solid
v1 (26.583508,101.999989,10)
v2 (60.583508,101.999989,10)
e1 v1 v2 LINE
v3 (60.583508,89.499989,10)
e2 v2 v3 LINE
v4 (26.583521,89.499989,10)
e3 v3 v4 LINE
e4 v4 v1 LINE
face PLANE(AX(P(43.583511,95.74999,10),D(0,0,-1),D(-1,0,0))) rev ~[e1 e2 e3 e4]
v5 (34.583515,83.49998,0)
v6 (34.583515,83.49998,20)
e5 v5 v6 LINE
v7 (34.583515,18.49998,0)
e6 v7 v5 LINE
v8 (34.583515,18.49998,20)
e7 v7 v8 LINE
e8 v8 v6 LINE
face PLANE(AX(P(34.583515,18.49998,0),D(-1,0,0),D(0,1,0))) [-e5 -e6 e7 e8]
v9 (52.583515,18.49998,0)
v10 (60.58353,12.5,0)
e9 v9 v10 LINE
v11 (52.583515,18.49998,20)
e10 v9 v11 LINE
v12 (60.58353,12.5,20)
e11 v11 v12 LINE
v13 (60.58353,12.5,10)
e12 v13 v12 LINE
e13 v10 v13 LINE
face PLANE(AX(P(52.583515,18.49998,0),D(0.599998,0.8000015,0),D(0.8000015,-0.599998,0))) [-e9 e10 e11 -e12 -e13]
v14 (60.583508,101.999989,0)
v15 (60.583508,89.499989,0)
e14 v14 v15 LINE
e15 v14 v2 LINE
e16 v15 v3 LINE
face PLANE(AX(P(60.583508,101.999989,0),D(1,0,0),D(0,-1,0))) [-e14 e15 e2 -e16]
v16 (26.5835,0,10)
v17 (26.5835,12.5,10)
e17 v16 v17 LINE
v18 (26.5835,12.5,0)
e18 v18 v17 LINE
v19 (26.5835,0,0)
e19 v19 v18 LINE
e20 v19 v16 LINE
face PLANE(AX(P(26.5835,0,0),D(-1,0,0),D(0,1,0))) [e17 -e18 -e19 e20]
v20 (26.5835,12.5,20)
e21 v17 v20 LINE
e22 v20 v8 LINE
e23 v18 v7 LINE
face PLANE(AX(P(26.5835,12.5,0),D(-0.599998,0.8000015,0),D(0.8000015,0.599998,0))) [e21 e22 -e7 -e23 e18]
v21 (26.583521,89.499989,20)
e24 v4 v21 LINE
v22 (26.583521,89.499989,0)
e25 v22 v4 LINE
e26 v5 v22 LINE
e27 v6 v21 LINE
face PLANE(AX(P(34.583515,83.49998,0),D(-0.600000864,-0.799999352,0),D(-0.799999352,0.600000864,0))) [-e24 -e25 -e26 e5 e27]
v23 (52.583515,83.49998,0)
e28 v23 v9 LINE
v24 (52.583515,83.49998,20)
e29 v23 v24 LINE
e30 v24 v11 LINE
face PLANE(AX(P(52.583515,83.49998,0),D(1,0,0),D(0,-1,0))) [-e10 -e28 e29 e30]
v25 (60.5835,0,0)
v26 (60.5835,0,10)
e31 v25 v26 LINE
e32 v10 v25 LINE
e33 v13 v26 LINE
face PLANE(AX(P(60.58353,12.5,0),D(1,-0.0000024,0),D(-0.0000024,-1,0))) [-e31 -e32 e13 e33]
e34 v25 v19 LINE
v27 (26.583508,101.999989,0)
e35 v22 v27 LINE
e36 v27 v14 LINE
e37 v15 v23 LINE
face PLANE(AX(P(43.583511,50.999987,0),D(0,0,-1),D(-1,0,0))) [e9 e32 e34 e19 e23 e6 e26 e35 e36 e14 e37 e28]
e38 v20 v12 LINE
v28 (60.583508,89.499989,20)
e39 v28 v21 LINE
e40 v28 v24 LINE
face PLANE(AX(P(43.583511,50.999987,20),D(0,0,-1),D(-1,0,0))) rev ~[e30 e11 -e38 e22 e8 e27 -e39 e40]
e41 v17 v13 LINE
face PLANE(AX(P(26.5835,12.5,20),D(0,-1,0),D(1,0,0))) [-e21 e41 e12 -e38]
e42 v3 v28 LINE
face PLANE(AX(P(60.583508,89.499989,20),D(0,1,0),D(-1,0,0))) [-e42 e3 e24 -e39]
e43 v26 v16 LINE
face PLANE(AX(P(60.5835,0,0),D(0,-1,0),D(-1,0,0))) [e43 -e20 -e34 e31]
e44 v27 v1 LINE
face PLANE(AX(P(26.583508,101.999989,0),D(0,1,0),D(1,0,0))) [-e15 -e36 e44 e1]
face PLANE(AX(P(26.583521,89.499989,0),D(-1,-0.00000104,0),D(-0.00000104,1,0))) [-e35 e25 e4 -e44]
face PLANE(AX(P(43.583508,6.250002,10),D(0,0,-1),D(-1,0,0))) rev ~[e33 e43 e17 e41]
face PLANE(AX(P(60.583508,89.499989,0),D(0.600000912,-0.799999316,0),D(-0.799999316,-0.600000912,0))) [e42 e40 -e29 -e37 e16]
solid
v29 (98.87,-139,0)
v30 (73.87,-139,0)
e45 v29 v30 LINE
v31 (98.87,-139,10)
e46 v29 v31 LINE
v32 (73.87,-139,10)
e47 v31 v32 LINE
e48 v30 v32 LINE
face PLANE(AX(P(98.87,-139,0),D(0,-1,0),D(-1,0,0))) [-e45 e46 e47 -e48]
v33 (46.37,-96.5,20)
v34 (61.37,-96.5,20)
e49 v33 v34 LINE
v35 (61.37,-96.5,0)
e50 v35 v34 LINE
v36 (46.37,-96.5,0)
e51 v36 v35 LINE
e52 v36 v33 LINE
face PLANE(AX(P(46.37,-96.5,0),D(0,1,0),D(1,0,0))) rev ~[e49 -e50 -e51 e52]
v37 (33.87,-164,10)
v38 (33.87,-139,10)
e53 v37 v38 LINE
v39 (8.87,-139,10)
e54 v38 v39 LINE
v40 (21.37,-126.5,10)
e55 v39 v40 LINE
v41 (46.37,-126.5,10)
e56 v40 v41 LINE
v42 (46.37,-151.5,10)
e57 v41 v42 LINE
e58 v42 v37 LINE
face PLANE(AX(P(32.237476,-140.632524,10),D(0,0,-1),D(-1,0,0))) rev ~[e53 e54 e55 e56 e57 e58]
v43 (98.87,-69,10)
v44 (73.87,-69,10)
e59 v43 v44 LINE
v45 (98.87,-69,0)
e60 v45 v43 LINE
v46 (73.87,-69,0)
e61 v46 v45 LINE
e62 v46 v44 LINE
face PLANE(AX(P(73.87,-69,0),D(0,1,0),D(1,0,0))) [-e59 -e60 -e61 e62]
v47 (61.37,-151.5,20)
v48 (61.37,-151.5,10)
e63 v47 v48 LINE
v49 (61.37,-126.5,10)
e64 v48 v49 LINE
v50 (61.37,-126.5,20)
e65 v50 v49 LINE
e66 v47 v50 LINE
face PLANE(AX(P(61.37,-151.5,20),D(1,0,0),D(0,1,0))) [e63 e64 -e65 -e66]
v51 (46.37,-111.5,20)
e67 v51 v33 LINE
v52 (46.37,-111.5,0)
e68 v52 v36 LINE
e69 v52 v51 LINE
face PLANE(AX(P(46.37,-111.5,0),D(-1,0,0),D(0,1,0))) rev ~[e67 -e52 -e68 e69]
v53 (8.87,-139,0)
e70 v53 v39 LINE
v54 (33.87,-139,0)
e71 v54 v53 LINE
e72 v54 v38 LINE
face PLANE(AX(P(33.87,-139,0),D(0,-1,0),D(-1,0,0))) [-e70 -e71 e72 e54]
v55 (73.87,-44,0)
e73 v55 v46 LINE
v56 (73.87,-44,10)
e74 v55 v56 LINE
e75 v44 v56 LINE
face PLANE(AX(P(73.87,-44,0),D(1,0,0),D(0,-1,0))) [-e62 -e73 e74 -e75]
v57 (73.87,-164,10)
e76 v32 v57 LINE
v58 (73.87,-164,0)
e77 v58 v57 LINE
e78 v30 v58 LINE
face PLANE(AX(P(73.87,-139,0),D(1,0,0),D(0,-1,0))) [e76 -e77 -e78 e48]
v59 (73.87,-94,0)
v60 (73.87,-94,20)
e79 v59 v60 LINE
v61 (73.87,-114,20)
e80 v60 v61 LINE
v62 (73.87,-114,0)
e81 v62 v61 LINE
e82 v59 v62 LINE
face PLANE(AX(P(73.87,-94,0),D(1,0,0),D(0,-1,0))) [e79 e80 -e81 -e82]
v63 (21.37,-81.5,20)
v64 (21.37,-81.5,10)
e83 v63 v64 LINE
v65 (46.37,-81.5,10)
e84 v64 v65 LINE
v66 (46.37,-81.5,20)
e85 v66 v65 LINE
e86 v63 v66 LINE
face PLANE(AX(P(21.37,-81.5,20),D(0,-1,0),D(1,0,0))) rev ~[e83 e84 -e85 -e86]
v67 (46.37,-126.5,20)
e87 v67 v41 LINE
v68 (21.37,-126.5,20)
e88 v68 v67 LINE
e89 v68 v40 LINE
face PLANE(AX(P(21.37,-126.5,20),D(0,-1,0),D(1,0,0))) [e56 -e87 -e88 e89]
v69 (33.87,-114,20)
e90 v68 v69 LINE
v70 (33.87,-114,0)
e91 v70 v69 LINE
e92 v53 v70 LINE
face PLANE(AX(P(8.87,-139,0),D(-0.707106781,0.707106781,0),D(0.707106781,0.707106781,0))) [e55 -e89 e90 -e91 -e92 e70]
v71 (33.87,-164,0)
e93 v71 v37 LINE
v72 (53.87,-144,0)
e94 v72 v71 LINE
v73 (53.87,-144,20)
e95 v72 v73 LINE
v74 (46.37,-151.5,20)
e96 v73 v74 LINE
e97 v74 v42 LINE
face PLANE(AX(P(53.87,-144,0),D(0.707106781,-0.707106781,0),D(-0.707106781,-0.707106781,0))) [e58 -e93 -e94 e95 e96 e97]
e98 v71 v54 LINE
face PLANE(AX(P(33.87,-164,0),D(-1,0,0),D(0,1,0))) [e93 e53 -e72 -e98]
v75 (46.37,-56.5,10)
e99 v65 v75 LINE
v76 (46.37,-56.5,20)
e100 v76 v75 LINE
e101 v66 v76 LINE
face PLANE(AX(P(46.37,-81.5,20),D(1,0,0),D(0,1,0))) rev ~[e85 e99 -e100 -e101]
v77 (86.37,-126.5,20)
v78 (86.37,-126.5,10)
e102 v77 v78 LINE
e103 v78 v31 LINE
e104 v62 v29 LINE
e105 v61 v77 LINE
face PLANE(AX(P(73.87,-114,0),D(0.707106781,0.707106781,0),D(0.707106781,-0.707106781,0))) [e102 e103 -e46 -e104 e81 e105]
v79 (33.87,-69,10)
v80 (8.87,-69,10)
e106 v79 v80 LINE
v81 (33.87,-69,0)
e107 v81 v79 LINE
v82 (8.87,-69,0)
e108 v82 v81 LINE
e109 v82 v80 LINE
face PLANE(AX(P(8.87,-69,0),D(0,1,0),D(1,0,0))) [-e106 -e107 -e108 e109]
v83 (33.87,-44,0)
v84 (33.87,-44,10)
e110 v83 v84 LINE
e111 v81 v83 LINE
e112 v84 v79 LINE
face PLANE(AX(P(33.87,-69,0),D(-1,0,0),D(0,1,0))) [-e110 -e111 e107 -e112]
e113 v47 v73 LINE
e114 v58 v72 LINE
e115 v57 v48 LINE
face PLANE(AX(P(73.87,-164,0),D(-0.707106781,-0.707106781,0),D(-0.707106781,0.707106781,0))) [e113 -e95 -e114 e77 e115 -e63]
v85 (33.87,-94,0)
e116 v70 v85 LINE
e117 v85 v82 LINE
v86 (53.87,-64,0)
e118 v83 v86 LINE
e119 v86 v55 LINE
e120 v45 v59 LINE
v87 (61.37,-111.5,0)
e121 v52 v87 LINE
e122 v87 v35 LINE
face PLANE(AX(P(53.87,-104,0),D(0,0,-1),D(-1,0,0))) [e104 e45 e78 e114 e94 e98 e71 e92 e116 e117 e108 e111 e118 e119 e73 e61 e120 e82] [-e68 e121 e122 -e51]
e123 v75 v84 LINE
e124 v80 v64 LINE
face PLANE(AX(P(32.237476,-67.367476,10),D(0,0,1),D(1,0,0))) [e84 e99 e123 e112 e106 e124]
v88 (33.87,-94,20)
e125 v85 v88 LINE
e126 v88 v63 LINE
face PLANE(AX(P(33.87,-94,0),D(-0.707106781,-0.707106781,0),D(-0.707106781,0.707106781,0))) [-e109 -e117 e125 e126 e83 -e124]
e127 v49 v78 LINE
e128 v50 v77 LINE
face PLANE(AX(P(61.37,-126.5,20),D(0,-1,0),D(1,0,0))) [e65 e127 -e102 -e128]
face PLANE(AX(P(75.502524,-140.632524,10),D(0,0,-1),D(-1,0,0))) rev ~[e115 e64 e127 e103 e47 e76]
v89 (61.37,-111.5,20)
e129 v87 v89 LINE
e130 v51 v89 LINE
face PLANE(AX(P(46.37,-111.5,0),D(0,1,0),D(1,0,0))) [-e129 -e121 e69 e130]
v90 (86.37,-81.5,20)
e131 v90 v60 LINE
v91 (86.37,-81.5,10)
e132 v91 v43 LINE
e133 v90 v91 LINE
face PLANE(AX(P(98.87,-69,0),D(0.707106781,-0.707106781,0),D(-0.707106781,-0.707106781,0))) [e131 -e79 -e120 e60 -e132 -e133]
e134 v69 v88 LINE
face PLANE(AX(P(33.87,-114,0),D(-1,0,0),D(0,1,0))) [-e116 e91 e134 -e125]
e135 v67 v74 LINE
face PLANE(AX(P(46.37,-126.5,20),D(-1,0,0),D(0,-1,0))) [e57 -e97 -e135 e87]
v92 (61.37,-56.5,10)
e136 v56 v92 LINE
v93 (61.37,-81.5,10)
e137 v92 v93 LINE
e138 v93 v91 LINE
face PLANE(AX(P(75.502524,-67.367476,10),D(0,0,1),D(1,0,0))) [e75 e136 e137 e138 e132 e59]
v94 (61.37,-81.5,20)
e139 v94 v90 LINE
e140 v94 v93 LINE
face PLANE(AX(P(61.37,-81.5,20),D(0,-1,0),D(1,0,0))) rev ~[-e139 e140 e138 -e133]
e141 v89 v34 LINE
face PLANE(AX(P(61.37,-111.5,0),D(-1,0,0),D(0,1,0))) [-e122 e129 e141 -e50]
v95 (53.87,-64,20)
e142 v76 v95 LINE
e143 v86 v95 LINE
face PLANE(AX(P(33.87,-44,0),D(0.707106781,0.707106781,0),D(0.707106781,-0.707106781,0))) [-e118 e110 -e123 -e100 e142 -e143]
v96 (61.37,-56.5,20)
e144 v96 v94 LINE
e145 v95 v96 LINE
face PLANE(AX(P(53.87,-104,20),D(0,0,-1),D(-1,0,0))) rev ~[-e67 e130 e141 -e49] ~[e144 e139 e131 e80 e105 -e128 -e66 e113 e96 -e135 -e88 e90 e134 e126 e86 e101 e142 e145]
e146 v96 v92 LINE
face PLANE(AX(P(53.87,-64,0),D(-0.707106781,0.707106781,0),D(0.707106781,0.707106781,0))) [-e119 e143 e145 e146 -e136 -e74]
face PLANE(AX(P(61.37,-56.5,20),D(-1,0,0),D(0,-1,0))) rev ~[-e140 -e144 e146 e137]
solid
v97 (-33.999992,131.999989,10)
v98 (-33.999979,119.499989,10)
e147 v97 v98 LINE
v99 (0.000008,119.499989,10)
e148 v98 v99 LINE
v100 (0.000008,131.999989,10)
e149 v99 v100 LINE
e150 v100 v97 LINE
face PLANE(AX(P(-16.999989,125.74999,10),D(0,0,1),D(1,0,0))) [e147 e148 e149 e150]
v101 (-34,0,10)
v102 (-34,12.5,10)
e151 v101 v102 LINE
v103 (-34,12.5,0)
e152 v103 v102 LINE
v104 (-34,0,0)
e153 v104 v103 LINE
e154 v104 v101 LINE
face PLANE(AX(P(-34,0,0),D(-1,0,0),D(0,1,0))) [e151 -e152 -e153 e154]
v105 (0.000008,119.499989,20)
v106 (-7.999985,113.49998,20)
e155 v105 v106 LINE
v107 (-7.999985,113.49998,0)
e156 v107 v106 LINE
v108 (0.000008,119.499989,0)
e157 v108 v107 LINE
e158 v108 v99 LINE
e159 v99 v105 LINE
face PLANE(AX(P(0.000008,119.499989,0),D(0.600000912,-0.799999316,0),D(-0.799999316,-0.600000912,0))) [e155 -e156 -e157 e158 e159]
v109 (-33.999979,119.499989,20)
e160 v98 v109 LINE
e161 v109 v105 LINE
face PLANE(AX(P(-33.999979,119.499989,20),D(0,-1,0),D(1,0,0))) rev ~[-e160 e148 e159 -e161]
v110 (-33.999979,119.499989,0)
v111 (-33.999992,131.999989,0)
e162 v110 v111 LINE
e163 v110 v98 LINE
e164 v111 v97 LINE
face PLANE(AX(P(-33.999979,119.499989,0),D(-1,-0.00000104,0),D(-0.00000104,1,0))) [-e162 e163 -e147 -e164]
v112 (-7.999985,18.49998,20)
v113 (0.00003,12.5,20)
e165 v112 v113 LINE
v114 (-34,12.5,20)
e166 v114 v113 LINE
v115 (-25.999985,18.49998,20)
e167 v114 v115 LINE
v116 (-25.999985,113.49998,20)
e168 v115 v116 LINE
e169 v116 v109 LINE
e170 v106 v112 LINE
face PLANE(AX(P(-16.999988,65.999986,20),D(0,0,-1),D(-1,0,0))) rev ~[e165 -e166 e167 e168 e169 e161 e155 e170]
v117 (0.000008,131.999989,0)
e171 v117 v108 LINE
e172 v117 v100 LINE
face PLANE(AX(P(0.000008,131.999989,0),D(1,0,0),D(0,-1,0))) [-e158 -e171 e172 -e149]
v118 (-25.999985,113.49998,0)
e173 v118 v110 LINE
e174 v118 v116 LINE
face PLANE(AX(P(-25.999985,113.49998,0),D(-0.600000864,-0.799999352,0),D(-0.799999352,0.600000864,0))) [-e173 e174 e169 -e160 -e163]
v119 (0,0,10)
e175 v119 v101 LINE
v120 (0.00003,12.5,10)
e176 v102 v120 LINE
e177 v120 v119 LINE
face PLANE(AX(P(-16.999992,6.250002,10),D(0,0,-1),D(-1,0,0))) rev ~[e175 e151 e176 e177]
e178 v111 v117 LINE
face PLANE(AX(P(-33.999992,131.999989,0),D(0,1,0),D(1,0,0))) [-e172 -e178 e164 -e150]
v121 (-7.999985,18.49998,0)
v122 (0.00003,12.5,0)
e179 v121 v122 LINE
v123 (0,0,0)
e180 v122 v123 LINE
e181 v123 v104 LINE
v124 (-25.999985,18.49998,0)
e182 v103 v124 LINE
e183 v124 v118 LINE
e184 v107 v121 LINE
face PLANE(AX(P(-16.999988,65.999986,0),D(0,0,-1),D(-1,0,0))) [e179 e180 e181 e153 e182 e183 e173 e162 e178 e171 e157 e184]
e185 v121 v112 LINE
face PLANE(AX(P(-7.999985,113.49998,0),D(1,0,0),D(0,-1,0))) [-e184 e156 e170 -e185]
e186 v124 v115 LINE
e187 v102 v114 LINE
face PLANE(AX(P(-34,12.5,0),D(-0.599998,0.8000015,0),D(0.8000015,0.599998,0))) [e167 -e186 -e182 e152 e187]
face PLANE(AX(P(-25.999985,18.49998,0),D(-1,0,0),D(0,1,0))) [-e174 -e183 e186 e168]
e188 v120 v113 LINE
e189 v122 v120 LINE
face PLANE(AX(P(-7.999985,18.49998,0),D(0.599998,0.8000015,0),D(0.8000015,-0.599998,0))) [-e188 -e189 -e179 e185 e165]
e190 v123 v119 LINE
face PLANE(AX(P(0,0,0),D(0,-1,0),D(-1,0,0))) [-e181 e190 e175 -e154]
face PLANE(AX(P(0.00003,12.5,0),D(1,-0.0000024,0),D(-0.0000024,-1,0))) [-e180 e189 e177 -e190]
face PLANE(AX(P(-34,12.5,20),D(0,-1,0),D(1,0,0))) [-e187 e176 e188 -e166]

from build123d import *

# Parameters (mm, degrees)
PAD_DEPTH       = 20
POCKET_DEPTH    = 10
POCKET001_DEPTH = 10
PAD001_DEPTH    = 20
POCKET002_DEPTH = 10
PAD002_DEPTH    = 20
POCKET003_DEPTH = 10
POCKET004_DEPTH = 10
SKETCH008_W     = 15
SKETCH008_H     = 15
POCKET005_DEPTH = 20


with BuildPart() as body:
    # Sketch → Pad (new body)
    with BuildSketch(Plane.XY):
        Polygon((-33.999992, 131.999989), (8e-06, 131.999989), (8e-06, 119.499989), (-7.999985, 113.49998), (-7.999985, 18.49998), (3e-05, 12.5), (0, 0), (-34, 0), (-34, 12.5), (-25.999985, 18.49998), (-25.999985, 113.49998), (-33.999979, 119.499989), align=None)
    extrude(amount=PAD_DEPTH)

    # Sketch003 (on Face14 of Pad) → Pocket (cut)
    with BuildSketch(Plane.XY.offset(20)):
        Polygon((-34, 12.5), (3e-05, 12.5), (0, 0), (-34, 0), align=None)
    extrude(amount=-POCKET_DEPTH, mode=Mode.SUBTRACT)

    # Sketch004 (on Face5 of Pocket) → Pocket001 (cut)
    with BuildSketch(Plane.XY.offset(20)):
        Polygon((-33.999979, 119.499989), (8e-06, 119.499989), (8e-06, 131.999989), (-33.999992, 131.999989), align=None)
    extrude(amount=-POCKET001_DEPTH, mode=Mode.SUBTRACT)


with BuildPart() as i2_4cm:
    # Sketch001 → Pad001 (new body)
    with BuildSketch(Plane.XY):
        Polygon((-33.999992, 101.999989), (8e-06, 101.999989), (8e-06, 89.499989), (-7.999985, 83.49998), (-7.999985, 18.49998), (3e-05, 12.5), (0, 0), (-34, 0), (-34, 12.5), (-25.999985, 18.49998), (-25.999985, 83.49998), (-33.999979, 89.499989), align=None)
    extrude(amount=PAD001_DEPTH)

    # Sketch005 (on Face14 of Pad001) → Pocket002 (cut)
    with BuildSketch(Plane.XY.offset(20)):
        Polygon((-34, 12.5), (3e-05, 12.5), (0, 0), (-34, 0), align=None)
        Polygon((-33.999979, 89.499989), (-33.999992, 101.999989), (8e-06, 101.999989), (8e-06, 89.499989), align=None)
    extrude(amount=-POCKET002_DEPTH, mode=Mode.SUBTRACT)


with BuildPart() as i2_4cm_1:
    # Body001 placement: moved
    add(i2_4cm.part.moved(Location((60.5835, 0, 0))))


with BuildPart() as star:
    # Sketch002 → Pad002 (new body)
    with BuildSketch(Plane.XY):
        Polygon((33.87, -44), (53.87, -64), (73.87, -44), (73.87, -69), (98.87, -69), (73.87, -94), (73.87, -114), (98.87, -139), (73.87, -139), (73.87, -164), (53.87, -144), (33.87, -164), (33.87, -139), (8.87, -139), (33.87, -114), (33.87, -94), (8.87, -69), (33.87, -69), align=None)
    extrude(amount=PAD002_DEPTH)

    # Sketch006 (on Face20 of Pad002) → Pocket003 (cut)
    with BuildSketch(Plane.XY.offset(20)):
        Polygon((21.37, -126.5), (46.37, -126.5), (46.37, -151.5), (33.87, -164), (33.87, -139), (8.87, -139), align=None)
        Polygon((21.37, -81.5), (46.37, -81.5), (46.37, -56.5), (33.87, -44), (33.87, -69), (8.87, -69), align=None)
        Polygon((73.87, -44), (61.37, -56.5), (61.37, -81.5), (86.37, -81.5), (98.87, -69), (73.87, -69), align=None)
    extrude(amount=-POCKET003_DEPTH, mode=Mode.SUBTRACT)

    # Sketch007 (on Face23 of Pocket003) → Pocket004 (cut)
    with BuildSketch(Plane.XY.offset(20)):
        Polygon((61.37, -151.5), (61.37, -126.5), (86.37, -126.5), (98.87, -139), (73.87, -139), (73.87, -164), align=None)
    extrude(amount=-POCKET004_DEPTH, mode=Mode.SUBTRACT)

    # Sketch008 → Pocket005 (cut)
    with BuildSketch(Plane.XY):
        with Locations((53.87, -104)):
            Rectangle(SKETCH008_W, SKETCH008_H)
    extrude(amount=POCKET005_DEPTH, mode=Mode.SUBTRACT)


solid = Compound([body.part, i2_4cm_1.part, star.part])
